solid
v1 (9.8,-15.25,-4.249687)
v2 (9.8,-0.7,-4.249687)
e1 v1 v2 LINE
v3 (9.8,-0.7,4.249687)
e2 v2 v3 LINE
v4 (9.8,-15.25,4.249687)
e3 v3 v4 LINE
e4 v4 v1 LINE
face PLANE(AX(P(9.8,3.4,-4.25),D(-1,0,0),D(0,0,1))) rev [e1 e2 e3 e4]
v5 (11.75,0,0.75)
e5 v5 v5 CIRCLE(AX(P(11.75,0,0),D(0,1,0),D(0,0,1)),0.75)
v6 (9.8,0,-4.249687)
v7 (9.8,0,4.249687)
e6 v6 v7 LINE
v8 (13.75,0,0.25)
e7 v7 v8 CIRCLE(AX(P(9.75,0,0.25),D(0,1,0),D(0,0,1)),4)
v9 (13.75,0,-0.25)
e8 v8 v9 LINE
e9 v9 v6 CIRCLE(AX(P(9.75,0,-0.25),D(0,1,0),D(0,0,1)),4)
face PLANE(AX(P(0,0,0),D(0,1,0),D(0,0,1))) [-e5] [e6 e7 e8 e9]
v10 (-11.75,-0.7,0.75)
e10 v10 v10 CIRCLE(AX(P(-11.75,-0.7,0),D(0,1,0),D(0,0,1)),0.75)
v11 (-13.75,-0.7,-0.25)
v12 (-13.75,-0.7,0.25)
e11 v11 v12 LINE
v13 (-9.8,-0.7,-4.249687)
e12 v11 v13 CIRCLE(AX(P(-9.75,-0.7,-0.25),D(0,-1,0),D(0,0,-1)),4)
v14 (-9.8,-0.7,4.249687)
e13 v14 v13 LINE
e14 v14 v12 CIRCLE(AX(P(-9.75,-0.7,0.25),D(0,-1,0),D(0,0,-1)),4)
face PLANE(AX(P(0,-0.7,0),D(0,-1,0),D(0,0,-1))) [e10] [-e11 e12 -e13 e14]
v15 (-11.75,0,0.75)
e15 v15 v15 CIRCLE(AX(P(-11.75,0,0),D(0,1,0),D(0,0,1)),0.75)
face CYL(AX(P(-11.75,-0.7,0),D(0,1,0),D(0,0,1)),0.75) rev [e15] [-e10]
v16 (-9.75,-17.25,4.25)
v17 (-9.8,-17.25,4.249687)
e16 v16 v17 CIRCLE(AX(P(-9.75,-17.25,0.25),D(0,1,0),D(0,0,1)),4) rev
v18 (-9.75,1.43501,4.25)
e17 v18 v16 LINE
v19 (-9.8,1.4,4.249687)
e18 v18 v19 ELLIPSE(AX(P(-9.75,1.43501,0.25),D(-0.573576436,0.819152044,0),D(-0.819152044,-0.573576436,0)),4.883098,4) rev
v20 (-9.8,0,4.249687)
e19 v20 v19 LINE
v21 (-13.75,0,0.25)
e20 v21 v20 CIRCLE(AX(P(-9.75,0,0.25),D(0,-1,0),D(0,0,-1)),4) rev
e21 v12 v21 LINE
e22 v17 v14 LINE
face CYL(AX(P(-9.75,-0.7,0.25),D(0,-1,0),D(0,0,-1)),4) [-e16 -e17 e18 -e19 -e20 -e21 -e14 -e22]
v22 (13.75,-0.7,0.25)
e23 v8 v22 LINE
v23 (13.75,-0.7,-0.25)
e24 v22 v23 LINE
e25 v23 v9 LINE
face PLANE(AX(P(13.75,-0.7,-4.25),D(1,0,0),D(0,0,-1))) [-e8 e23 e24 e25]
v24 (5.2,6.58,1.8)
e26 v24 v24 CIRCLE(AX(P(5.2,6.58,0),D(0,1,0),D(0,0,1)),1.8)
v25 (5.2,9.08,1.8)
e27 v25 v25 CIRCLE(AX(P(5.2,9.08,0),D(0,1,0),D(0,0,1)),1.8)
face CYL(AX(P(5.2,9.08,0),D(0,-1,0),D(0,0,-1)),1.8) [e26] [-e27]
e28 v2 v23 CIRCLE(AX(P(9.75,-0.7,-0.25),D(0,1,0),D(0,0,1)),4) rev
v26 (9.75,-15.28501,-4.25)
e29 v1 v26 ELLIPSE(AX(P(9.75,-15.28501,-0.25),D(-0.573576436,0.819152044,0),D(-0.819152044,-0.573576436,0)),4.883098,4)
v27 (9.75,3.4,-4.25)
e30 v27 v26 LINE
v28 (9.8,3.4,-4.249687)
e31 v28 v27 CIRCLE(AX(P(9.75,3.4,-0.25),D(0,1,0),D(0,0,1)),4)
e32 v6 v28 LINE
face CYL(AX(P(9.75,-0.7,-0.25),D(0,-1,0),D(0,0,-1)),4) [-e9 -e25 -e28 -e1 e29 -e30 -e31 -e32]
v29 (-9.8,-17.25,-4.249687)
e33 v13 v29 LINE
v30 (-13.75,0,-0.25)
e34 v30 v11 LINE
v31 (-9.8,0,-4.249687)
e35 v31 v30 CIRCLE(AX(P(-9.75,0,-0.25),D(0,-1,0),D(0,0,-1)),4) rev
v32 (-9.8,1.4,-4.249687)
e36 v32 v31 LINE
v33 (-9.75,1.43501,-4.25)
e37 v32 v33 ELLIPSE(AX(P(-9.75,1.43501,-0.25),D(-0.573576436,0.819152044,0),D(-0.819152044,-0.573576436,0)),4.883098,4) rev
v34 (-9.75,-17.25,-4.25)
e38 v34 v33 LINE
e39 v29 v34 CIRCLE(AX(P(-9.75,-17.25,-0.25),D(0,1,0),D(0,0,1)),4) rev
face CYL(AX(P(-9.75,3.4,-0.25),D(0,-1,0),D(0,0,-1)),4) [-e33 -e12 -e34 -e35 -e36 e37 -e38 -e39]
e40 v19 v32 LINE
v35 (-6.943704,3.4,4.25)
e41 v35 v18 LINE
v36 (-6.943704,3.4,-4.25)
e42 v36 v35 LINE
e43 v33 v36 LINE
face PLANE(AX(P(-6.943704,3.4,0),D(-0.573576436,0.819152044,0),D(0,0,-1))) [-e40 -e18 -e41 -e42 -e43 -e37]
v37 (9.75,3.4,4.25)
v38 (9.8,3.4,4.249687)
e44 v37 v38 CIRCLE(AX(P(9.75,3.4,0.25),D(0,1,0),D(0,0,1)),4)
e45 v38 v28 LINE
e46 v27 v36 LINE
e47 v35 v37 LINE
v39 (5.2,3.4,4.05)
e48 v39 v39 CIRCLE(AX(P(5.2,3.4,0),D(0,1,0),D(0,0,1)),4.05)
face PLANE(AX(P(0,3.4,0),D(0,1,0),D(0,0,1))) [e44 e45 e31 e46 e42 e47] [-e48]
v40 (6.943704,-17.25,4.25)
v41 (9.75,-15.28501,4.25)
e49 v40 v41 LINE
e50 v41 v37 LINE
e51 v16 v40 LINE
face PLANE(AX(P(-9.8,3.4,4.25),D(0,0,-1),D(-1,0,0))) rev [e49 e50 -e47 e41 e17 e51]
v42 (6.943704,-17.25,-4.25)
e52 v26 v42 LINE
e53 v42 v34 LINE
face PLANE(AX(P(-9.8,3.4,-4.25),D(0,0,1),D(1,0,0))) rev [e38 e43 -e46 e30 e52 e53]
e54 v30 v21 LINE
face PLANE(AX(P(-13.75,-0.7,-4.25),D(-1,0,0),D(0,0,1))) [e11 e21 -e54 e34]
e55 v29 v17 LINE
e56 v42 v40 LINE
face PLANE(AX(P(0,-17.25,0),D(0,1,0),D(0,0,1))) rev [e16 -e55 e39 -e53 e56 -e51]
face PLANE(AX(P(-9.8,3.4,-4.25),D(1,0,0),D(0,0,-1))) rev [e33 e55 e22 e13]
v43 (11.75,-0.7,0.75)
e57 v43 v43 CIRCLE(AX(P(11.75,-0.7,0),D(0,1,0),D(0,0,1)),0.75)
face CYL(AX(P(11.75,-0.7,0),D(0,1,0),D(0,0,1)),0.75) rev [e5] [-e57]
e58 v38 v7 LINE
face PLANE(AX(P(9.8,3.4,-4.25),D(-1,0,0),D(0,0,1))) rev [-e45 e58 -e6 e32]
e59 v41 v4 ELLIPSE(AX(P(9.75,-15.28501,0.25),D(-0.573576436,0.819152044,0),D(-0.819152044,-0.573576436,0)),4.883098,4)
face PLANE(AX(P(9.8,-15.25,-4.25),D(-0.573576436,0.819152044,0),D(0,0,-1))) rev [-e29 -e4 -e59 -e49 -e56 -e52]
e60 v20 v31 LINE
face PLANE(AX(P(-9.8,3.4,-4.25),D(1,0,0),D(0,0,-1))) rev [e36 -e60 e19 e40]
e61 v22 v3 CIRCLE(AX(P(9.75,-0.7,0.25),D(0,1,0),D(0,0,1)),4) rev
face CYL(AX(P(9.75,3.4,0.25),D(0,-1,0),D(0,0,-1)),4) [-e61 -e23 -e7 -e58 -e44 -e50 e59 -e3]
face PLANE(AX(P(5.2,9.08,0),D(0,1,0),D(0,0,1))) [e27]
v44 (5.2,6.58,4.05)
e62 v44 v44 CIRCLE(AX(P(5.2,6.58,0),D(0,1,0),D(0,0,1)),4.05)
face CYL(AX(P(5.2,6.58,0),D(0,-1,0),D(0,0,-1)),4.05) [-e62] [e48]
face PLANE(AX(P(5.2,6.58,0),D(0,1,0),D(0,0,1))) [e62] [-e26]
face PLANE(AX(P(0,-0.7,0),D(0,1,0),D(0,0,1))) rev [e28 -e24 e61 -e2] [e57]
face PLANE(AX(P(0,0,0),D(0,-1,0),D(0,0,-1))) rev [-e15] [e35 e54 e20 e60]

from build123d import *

# Parameters (mm, degrees)
SKETCH1_W                = 19.6
SKETCH1_H                = 8.5
BOSS_EXTRUDE1_DEPTH      = 3.4
BOSS_EXTRUDE1_DEPTH_BACK = 17.25
SKETCH2_R                = 4.05
BOSS_EXTRUDE2_DEPTH      = 3.18
SKETCH4_W                = 3.95
SKETCH4_H                = 8.5
SKETCH4_R                = 0.75
BOSS_EXTRUDE3_DEPTH      = 0.7
FILLET1_R                = 4
SKETCH5_R                = 1.8
BOSS_EXTRUDE4_DEPTH      = 2.5
CHAMFER1_SIZE            = 2
CHAMFER1_SIZE2           = 2.856296013
CHAMFER1_PART_2_SIZE     = 2
CHAMFER1_PART_2_SIZE2    = 2.856296013


with BuildPart() as part:
    # Sketch1 → Boss-Extrude1 (new body, two sides)
    with BuildSketch(Plane(origin=(0, 0, 0), x_dir=(1, 0, 0), z_dir=(0, 1, 0))) as boss_extrude1_sk:
        Rectangle(SKETCH1_W, SKETCH1_H)
    extrude(amount=BOSS_EXTRUDE1_DEPTH)
    extrude(boss_extrude1_sk.sketch, amount=-BOSS_EXTRUDE1_DEPTH_BACK)

    # Sketch2 → Boss-Extrude2 (add)
    with BuildSketch(Plane(origin=(0, 3.4, 0), x_dir=(1, 0, 0), z_dir=(0, 1, 0))):
        with Locations((5.2, 0)):
            Circle(SKETCH2_R)
    extrude(amount=BOSS_EXTRUDE2_DEPTH)

    # Sketch4 → Boss-Extrude3 (add)
    with BuildSketch(Plane(origin=(0, 0, 0), x_dir=(1, 0, 0), z_dir=(0, 1, 0))):
        with Locations((11.775, 0)):
            Rectangle(SKETCH4_W, SKETCH4_H)
        with Locations((11.75, 0)):
            Circle(SKETCH4_R, mode=Mode.SUBTRACT)
        with Locations((-11.775, 0)):
            Rectangle(SKETCH4_W, SKETCH4_H)
        with Locations((-11.75, 0)):
            Circle(SKETCH4_R, mode=Mode.SUBTRACT)
    extrude(amount=-BOSS_EXTRUDE3_DEPTH)

    # Fillet1
    fillet1_edges = [part.edges().sort_by_distance(p)[0] for p in [
        (13.75, -0.35, -4.25),
        (13.75, -0.35, 4.25),
        (-13.75, -0.35, -4.25),
        (-13.75, -0.35, 4.25),
    ]]
    fillet(fillet1_edges, radius=FILLET1_R)

    # Sketch5 → Boss-Extrude4 (add)
    with BuildSketch(Plane(origin=(0, 6.58, 0), x_dir=(1, 0, 0), z_dir=(0, 1, 0))):
        with Locations((5.2, 0)):
            Circle(SKETCH5_R)
    extrude(amount=BOSS_EXTRUDE4_DEPTH)

    # Chamfer1
    chamfer1_edges = [part.edges().sort_by_distance(p)[0] for p in [
        (9.8, -17.25, 0),
    ]]
    chamfer1_side = [part.faces().sort_by_distance(p)[0] for p in [
        (9.8, -8.975, 0),
    ]]
    chamfer(chamfer1_edges, length=CHAMFER1_SIZE, length2=CHAMFER1_SIZE2, reference=chamfer1_side[0])

    # Chamfer1 part 2
    chamfer1_part_2_edges = [part.edges().sort_by_distance(p)[0] for p in [
        (-9.8, 3.4, 0),
    ]]
    chamfer1_part_2_side = [part.faces().sort_by_distance(p)[0] for p in [
        (-9.8, 1.7, 0),
    ]]
    chamfer(chamfer1_part_2_edges, length=CHAMFER1_PART_2_SIZE, length2=CHAMFER1_PART_2_SIZE2, reference=chamfer1_part_2_side[0])


solid = part.part
